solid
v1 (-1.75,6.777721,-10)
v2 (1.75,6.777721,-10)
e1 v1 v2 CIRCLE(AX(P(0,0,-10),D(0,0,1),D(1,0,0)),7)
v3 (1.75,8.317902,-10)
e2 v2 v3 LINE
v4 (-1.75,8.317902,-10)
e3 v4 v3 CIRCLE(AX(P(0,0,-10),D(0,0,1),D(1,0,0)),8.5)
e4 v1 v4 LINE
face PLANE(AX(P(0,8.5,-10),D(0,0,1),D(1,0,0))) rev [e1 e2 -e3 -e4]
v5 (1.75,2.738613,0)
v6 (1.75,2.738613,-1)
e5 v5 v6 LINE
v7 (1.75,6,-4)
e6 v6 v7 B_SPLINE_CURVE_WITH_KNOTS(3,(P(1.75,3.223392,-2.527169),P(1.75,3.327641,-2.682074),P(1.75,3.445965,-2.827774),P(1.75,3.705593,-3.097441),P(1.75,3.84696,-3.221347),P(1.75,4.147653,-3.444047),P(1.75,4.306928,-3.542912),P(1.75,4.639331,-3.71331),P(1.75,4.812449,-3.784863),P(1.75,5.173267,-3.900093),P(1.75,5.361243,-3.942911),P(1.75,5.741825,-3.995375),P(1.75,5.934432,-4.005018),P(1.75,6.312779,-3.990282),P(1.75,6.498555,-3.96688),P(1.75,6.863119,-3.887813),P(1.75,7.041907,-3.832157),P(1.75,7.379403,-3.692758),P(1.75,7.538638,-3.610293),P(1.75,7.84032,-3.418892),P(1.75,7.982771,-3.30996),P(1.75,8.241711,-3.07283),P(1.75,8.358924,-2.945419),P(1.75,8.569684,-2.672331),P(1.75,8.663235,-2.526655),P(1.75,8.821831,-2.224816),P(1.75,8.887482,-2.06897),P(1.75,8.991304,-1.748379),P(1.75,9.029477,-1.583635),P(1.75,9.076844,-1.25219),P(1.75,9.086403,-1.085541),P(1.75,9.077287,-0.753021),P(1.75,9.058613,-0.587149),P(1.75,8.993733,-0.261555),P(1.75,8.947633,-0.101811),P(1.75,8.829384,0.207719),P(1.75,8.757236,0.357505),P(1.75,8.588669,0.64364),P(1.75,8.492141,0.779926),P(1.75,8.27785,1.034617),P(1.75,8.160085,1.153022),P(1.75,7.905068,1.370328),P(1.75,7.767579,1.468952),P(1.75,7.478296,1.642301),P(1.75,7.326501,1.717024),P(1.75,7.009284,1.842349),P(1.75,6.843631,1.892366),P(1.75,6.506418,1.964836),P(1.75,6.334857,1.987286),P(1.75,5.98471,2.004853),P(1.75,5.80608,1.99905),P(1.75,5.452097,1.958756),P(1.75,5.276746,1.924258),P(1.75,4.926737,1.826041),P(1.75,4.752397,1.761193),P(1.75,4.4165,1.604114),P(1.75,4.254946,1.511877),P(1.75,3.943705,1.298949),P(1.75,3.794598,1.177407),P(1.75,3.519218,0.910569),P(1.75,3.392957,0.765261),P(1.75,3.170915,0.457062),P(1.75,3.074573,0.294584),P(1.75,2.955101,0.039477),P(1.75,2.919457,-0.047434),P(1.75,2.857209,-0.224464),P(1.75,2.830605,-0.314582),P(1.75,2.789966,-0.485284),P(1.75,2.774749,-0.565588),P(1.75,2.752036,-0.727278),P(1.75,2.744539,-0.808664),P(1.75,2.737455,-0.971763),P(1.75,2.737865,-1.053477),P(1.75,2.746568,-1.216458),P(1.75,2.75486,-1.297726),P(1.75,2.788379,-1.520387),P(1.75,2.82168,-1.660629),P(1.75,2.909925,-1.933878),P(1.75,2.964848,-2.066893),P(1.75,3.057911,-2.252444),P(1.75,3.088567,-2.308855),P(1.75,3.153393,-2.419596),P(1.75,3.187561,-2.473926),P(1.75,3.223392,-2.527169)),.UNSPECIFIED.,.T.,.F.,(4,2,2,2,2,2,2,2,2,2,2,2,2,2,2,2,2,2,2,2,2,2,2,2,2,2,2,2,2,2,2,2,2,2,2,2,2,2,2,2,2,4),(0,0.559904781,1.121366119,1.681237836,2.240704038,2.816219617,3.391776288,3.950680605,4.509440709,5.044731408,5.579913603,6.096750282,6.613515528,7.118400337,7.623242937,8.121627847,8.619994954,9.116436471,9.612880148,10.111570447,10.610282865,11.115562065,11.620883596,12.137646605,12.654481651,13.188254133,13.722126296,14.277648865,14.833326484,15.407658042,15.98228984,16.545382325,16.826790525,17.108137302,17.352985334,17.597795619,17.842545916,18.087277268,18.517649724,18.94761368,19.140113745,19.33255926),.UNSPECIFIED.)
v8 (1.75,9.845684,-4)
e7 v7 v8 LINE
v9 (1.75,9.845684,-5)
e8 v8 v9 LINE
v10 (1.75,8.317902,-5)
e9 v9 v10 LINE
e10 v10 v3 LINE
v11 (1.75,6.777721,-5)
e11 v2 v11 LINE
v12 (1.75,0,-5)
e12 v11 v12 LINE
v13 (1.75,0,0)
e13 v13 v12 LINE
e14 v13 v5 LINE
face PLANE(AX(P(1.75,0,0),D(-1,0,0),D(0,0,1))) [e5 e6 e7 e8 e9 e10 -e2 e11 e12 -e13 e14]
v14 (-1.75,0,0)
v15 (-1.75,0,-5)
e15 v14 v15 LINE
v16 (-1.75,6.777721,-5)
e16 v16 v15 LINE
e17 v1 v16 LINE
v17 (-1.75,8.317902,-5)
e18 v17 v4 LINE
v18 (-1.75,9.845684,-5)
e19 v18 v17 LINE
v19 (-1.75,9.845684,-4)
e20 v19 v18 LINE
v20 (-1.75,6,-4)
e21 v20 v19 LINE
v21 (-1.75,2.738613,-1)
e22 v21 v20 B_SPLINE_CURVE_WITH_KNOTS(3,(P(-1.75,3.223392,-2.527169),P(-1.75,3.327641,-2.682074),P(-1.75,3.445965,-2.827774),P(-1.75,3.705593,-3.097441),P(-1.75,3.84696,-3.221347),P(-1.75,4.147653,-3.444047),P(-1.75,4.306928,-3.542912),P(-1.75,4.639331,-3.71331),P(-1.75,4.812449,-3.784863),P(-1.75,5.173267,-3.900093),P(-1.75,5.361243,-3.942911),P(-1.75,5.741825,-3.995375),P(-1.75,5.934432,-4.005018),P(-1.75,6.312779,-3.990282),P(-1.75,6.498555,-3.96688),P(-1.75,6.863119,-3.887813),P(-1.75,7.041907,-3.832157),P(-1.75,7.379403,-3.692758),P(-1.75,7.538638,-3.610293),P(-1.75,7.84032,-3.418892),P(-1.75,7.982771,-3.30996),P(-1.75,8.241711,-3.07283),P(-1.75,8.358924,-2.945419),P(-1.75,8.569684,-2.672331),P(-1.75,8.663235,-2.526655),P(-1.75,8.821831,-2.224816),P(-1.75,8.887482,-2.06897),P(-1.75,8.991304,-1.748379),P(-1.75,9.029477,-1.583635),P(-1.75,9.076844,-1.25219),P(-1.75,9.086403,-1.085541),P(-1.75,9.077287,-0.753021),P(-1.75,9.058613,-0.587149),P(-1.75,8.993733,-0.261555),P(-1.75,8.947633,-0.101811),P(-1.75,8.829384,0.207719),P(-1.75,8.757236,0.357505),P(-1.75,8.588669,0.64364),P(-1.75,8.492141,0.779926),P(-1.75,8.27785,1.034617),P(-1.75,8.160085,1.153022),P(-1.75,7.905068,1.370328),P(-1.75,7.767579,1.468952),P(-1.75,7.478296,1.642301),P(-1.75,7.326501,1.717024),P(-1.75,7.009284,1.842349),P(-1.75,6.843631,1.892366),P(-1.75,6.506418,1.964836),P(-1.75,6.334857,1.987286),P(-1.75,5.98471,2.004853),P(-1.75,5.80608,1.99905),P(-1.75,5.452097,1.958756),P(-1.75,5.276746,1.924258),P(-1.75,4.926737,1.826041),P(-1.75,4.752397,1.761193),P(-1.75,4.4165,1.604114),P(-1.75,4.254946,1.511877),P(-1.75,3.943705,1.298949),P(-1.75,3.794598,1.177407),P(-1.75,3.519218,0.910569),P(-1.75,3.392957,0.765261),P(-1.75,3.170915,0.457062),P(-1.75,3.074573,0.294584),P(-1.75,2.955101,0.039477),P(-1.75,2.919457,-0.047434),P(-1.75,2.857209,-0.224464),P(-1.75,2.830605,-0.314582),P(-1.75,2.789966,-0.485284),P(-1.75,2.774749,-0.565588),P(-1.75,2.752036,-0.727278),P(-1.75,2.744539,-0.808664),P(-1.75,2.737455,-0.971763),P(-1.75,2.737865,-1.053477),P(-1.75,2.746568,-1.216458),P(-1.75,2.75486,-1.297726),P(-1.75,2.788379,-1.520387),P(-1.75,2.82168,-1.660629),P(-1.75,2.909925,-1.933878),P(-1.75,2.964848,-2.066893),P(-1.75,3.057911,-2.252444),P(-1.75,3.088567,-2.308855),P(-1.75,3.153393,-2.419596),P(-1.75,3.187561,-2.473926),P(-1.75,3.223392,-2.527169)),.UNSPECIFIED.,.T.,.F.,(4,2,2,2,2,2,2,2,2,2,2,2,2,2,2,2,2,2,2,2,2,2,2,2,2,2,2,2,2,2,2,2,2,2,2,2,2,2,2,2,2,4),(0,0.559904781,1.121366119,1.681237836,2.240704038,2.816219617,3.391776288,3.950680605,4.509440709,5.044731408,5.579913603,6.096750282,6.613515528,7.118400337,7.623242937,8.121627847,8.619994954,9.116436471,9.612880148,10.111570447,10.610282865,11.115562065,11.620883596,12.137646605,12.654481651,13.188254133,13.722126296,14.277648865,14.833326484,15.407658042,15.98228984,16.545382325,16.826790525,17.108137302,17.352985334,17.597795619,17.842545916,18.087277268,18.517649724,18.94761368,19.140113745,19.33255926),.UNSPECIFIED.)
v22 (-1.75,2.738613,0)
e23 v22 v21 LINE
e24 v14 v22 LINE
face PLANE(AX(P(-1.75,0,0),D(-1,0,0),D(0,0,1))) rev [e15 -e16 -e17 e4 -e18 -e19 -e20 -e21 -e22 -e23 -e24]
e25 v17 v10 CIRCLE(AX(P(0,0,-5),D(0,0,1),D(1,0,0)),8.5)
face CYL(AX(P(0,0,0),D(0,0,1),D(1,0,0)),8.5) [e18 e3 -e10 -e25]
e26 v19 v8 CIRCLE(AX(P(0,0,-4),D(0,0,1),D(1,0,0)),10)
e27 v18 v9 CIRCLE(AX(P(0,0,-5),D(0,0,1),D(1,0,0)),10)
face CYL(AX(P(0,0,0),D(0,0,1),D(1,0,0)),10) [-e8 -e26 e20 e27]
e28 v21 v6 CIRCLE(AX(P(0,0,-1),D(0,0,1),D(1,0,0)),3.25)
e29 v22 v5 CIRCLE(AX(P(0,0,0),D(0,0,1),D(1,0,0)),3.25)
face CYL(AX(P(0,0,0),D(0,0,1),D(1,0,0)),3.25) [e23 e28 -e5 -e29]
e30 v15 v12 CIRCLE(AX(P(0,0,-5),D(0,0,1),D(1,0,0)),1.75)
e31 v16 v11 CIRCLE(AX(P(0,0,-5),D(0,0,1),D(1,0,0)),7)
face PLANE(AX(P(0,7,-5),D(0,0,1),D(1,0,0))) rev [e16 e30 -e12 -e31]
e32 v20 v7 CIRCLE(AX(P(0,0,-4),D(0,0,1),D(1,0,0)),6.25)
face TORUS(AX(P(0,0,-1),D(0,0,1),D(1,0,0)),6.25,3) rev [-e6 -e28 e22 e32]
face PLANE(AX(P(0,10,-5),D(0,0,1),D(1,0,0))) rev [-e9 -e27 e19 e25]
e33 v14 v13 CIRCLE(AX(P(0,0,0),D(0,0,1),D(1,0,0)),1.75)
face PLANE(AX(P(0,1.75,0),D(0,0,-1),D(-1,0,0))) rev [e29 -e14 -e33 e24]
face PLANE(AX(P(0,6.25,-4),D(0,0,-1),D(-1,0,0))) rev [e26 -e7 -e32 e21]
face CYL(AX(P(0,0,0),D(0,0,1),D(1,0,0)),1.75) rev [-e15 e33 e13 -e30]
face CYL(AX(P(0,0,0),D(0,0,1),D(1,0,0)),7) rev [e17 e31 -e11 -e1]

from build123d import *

# Parameters (mm, degrees)
CUT_EXTRUDE1_DEPTH      = 6
CUT_EXTRUDE1_DEPTH_BACK = 6


with BuildPart() as part:
    # Sketch1 → Revolve1 (revolve)
    with BuildSketch(Plane(origin=(0, 0, 0), x_dir=(0, 0, -1), z_dir=(1, 0, 0))):
        with BuildLine():
            Line((0, 1.75), (0, 3.25))
            Line((0, 3.25), (1, 3.25))
            ThreePointArc((1, 3.25), (3.121320344, 4.128679656), (4, 6.25))
            Line((4, 6.25), (4, 10))
            Line((4, 10), (5, 10))
            Line((5, 10), (5, 8.5))
            Line((5, 8.5), (10, 8.5))
            Line((10, 8.5), (10, 7))
            Line((10, 7), (5, 7))
            Line((5, 7), (5, 1.75))
            Line((5, 1.75), (0, 1.75))
        make_face()
    revolve(axis=Axis((0, 0, 0), (0, 0, -1)))

    # Sketch2 → Cut-Extrude1 (cut, two sides)
    with BuildSketch(Plane(origin=(0, 0, -5), x_dir=(-1, 0, 0), z_dir=(0, 0, -1))) as cut_extrude1_sk:
        with BuildLine():
            Line((-1.75, 9.845684334), (-1.75, 6.777720856))
            ThreePointArc((-1.75, 6.777720856), (0, 7), (1.75, 6.777720856))
            Line((1.75, 6.777720856), (1.75, 9.845684334))
            ThreePointArc((1.75, 9.845684334), (0, 10), (-1.75, 9.845684334))
        make_face()
        with BuildLine():
            Line((-1.75, 6.777720856), (-1.75, 0))
            ThreePointArc((-1.75, 0), (0, 1.75), (1.75, 0))
            Line((1.75, 0), (1.75, 6.777720856))
            ThreePointArc((1.75, 6.777720856), (0, 7), (-1.75, 6.777720856))
        make_face()
    extrude(amount=CUT_EXTRUDE1_DEPTH, mode=Mode.SUBTRACT)
    extrude(cut_extrude1_sk.sketch, amount=-CUT_EXTRUDE1_DEPTH_BACK, mode=Mode.SUBTRACT)


solid = part.part
